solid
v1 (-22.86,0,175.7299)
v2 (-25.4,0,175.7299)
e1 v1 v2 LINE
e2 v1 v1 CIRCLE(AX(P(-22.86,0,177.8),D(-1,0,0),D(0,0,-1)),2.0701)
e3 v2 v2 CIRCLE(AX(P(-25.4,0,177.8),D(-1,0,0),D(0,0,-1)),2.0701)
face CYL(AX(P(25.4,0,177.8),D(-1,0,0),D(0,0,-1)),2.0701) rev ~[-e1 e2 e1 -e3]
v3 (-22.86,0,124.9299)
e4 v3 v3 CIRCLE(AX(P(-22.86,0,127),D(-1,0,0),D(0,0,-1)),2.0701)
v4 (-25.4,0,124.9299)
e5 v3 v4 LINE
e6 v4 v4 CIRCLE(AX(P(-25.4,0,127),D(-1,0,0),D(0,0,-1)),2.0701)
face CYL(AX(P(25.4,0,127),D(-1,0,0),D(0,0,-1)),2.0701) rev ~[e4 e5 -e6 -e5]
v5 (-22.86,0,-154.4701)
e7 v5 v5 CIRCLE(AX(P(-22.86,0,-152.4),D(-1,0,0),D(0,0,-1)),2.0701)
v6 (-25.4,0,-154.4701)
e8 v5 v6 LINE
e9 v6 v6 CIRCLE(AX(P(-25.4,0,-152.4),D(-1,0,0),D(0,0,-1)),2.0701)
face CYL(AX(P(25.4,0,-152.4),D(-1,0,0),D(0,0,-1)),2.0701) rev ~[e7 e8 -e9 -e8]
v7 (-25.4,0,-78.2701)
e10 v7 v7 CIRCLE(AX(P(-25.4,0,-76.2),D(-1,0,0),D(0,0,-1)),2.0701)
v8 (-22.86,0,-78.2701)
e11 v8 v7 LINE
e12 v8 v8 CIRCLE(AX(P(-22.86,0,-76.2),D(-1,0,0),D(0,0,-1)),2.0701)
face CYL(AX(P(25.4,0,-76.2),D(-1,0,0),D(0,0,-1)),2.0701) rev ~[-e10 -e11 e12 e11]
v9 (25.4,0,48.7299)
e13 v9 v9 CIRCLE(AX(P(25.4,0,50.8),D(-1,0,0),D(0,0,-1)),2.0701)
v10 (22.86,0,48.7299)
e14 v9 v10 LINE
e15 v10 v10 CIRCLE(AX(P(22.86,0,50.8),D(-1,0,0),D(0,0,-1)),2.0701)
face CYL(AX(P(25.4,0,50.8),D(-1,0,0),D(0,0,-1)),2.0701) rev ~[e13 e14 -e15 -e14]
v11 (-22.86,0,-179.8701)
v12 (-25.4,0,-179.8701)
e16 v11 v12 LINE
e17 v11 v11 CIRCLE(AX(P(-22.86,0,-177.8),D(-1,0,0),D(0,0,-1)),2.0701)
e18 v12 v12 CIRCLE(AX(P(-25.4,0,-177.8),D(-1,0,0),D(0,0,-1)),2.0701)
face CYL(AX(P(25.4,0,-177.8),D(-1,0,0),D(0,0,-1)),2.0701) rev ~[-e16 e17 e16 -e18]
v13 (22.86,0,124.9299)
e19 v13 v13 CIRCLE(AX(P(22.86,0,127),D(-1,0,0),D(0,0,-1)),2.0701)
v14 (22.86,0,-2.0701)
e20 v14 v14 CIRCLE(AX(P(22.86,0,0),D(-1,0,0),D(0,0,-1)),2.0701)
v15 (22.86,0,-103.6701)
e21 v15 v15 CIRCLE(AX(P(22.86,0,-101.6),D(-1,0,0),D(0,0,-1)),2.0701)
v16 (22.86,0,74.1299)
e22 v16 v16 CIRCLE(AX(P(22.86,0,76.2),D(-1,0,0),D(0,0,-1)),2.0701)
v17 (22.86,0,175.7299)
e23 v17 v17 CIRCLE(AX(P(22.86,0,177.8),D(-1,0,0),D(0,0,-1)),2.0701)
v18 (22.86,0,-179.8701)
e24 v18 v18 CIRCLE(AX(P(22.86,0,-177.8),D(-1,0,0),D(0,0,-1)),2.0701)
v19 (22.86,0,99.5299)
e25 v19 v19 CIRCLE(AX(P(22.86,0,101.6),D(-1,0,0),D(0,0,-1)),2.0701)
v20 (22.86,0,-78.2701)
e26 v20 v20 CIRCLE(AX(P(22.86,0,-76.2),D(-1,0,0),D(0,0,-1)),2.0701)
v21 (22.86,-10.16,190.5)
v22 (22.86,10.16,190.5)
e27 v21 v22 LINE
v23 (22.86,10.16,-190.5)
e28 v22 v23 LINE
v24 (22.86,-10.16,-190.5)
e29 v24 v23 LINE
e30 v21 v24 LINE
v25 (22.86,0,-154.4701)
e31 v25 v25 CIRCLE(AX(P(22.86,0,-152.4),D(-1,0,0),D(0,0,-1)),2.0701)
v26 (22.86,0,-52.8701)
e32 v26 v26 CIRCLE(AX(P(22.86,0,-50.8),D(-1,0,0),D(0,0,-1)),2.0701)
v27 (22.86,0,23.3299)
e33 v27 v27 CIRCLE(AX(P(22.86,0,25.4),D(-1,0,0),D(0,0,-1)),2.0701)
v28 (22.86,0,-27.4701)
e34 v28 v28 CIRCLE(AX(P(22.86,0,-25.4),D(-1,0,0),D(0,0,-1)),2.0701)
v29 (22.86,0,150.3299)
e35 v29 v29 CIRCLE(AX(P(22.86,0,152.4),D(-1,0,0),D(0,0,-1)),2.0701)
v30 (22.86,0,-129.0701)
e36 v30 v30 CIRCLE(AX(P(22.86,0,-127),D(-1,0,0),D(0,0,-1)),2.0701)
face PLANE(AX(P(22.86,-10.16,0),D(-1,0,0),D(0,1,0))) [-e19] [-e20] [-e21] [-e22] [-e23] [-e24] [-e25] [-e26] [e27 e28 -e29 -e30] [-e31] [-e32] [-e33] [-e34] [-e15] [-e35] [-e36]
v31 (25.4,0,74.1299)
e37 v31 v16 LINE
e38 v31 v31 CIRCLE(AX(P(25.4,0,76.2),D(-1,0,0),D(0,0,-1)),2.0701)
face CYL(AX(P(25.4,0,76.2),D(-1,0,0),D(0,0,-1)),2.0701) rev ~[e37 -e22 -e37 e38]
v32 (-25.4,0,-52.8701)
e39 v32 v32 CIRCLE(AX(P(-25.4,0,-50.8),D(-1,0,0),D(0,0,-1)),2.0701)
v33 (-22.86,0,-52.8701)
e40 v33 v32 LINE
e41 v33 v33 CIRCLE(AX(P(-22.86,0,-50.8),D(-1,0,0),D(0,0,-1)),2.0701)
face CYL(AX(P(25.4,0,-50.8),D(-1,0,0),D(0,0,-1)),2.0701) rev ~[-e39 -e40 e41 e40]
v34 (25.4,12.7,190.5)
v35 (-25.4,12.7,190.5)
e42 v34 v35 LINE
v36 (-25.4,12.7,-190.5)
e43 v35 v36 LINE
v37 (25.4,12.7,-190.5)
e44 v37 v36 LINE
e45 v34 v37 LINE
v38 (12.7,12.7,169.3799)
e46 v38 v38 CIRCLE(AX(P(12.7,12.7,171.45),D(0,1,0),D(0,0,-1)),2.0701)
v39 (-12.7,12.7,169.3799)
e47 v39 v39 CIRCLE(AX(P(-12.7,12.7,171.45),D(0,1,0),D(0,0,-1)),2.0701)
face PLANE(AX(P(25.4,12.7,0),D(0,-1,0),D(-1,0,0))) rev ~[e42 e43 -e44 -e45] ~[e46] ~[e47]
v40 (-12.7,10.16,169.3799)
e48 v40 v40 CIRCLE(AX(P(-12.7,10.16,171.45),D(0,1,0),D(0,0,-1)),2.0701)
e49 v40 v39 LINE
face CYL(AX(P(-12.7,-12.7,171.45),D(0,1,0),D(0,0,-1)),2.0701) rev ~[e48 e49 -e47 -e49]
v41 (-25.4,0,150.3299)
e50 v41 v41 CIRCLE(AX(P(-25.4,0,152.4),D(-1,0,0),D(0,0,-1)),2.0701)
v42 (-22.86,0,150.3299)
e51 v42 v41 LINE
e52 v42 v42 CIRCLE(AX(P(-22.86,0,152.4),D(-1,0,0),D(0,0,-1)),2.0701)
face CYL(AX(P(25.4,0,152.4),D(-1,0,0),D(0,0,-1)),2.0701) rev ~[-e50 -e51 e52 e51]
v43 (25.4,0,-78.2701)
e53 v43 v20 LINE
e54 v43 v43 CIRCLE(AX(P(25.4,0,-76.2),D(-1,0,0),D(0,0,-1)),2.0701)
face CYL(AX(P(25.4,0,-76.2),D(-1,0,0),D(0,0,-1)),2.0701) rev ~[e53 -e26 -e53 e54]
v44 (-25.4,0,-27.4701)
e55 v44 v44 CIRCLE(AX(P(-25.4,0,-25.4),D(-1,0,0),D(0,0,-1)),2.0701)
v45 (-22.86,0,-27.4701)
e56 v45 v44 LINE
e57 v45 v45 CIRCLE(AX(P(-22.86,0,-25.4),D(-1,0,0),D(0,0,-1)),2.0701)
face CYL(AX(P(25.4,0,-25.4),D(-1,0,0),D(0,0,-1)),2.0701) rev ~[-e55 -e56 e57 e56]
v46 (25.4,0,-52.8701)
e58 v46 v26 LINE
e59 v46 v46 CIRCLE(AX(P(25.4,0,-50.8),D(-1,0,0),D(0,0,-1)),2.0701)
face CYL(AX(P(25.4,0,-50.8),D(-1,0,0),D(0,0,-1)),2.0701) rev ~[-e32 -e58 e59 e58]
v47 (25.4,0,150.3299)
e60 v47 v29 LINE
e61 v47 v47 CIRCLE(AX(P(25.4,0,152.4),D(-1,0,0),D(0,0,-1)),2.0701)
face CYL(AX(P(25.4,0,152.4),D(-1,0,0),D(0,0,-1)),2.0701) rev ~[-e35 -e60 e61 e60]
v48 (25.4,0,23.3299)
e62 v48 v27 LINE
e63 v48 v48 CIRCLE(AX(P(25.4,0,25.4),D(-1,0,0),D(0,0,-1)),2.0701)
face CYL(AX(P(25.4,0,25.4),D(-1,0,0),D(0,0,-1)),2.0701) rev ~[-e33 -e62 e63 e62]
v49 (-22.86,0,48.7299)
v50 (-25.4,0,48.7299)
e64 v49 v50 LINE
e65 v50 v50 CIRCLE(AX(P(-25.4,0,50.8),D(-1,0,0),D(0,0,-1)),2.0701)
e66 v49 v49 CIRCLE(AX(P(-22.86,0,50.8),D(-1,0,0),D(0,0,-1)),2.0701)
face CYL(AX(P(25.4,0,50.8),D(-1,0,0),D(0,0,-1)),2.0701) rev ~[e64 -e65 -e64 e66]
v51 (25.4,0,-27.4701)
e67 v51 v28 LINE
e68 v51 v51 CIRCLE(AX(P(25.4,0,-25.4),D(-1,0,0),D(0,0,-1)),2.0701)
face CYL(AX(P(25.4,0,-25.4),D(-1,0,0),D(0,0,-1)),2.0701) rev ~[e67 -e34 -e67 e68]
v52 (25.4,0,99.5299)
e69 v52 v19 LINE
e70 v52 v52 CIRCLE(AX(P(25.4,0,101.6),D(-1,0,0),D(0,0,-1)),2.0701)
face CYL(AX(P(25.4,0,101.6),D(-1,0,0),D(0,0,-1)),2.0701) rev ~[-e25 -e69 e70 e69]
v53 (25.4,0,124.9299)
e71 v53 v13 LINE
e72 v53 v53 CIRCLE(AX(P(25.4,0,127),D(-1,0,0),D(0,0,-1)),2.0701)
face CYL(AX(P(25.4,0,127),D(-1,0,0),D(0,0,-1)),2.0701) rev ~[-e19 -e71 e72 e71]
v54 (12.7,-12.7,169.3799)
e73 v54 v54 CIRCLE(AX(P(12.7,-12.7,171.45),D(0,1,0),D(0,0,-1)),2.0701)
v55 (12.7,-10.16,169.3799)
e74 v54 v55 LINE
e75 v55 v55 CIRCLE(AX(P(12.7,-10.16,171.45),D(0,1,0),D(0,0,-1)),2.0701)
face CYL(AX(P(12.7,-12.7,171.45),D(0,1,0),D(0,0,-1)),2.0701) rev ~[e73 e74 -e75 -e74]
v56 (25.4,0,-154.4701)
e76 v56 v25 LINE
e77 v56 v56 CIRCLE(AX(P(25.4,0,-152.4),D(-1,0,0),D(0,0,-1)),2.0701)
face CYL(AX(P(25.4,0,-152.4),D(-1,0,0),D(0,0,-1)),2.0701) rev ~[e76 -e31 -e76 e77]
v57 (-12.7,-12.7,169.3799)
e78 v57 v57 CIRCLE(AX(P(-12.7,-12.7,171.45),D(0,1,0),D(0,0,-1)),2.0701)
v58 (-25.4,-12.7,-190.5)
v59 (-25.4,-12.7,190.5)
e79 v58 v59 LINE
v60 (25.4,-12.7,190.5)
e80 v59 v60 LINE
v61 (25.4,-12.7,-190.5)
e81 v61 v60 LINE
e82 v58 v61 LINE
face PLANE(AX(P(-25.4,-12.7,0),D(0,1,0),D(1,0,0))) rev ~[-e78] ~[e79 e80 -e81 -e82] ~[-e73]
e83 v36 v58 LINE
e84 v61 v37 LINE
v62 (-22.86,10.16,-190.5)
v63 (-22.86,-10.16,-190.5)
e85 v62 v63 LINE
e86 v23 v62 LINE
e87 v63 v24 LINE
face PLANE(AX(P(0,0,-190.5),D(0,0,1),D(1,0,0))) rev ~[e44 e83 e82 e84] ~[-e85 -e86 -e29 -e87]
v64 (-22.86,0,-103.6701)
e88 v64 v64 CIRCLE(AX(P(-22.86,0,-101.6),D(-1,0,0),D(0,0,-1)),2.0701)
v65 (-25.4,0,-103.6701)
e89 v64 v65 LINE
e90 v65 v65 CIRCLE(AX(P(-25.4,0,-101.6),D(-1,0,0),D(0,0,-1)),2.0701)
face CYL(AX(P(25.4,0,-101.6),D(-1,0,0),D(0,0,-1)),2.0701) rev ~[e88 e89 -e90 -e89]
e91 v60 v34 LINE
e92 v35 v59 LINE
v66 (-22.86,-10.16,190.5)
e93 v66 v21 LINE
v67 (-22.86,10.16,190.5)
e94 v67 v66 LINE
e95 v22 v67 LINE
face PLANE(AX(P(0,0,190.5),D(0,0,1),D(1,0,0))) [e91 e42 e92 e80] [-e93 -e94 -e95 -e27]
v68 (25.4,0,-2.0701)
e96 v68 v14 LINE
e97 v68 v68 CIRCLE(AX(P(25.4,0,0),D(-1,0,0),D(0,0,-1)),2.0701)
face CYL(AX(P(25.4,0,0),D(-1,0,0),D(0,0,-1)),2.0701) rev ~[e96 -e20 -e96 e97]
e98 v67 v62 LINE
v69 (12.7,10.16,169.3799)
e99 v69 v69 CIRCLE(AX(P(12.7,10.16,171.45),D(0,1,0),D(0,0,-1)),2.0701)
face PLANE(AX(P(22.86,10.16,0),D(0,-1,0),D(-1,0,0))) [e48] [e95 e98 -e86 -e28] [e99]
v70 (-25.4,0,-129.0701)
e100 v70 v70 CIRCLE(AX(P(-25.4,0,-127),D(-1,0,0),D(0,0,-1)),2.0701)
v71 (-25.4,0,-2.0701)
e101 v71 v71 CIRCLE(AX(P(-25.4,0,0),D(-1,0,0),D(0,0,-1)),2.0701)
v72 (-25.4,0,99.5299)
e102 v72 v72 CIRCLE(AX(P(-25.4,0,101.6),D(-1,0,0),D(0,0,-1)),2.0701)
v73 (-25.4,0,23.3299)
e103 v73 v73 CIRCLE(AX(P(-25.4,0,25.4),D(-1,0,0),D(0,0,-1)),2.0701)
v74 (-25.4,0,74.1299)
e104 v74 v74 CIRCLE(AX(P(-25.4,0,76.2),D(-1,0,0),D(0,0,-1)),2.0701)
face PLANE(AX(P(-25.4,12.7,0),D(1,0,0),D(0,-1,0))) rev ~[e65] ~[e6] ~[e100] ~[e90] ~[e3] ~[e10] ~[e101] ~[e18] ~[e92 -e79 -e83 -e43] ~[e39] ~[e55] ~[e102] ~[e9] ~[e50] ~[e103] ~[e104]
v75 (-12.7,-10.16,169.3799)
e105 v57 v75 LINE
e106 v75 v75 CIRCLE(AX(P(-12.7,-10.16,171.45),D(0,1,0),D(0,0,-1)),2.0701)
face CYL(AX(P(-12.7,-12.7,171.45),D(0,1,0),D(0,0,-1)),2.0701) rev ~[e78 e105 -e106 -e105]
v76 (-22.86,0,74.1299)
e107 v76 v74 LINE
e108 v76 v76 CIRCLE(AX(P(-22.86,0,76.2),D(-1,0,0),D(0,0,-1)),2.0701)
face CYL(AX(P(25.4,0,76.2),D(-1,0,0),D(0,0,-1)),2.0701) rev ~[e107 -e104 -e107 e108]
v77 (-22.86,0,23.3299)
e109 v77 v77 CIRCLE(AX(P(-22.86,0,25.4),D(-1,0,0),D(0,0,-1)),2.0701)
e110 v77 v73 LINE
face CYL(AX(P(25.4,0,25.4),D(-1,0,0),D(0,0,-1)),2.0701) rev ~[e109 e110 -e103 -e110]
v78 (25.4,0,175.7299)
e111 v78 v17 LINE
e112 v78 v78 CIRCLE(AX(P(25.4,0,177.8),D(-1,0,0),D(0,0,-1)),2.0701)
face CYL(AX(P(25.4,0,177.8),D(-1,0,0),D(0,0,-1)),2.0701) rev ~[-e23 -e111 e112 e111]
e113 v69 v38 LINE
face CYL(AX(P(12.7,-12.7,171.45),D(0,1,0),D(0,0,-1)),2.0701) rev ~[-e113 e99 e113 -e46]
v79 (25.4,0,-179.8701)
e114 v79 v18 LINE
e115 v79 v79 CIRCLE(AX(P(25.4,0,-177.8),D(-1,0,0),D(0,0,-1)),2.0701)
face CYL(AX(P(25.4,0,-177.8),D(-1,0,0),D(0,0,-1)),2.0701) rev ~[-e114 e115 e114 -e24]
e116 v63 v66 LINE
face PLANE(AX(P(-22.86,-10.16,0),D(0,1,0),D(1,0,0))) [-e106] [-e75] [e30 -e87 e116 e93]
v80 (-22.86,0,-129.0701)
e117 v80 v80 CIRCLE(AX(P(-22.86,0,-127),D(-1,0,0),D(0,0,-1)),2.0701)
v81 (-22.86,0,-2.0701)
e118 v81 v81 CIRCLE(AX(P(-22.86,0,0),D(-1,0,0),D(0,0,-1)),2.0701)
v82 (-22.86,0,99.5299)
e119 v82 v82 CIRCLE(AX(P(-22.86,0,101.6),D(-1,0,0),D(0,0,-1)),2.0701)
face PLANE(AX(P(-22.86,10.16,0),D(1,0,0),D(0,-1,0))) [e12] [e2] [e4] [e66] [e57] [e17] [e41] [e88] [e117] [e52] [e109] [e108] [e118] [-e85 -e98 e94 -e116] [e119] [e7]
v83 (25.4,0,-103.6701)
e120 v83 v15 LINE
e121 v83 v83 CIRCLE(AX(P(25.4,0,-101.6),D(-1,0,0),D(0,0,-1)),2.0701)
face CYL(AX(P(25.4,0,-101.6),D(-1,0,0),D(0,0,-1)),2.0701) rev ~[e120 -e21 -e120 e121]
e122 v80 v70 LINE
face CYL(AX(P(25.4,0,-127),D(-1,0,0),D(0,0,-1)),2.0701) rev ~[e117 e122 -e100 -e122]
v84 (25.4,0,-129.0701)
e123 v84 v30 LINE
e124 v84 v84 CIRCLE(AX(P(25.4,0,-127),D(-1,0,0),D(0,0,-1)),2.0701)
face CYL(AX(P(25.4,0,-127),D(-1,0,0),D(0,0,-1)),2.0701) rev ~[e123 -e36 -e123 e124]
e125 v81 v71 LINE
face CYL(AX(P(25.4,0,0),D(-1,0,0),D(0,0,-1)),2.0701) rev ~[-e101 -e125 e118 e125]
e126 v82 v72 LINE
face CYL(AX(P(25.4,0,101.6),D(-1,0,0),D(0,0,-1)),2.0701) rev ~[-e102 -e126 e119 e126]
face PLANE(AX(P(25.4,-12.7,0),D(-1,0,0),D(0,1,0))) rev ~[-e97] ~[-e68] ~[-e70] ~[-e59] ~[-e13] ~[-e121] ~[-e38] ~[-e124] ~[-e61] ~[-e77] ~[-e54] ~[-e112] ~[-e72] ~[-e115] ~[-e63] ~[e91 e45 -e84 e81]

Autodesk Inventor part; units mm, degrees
ref_plane "YZ Plane" through (0, 0, 0) normal (1, 0, 0) x (0, 1, 0)
ref_plane "XZ Plane" through (0, 0, 0) normal (0, 1, 0) x (-1, 0, 0)
ref_plane "XY Plane" through (0, 0, 0) normal (0, 0, 1) x (1, 0, 0)
sketch "Sketch1" plane through (0, 0, 0) normal (0, 0, 1) x (1, 0, 0)
  line L0 (-25.4, -12.7) -> (25.4, -12.7)
  line L1 (25.4, -12.7) -> (25.4, 12.7)
  line L2 (25.4, 12.7) -> (-25.4, 12.7)
  line L3 (-25.4, 12.7) -> (-25.4, -12.7)
  line L4 (-25.4, -12.7) -> (25.4, 12.7) construction
  line L5 (25.4, -12.7) -> (-25.4, 12.7) construction
  line L6 (-22.86, -10.16) -> (22.86, -10.16)
  line L7 (22.86, -10.16) -> (22.86, 10.16)
  line L8 (22.86, 10.16) -> (-22.86, 10.16)
  line L9 (-22.86, 10.16) -> (-22.86, -10.16)
  line L10 (-22.86, -10.16) -> (22.86, 10.16) construction
  line L11 (22.86, -10.16) -> (-22.86, 10.16) construction
  point P0 (0, 0)
  dimension "d0" = 50.8
  dimension "d1" = 25.4
  dimension "d2" = 45.72
  dimension "d3" = 20.32
extrude "Extrusion1" add sketch "Sketch1" along normal mid plane 381
sketch "Sketch2" plane through (25.4, -12.7, 190.5) normal (1, 0, 0) x (0, 0, -1)
  line L0 (381, 25.4) -> (0, 25.4) projected
  line L1 (0, 0) -> (0, 25.4) projected
  point P0 (190.5, 12.7)
  point P1 (12.7, 12.7)
  dimension "d6" = 12.7
  dimension "d7" = 12.7
hole "Hole1" at (25.4, 0, 177.8) direction (-1, 0, 0) diameter 4.1402 end through all
pattern_linear "Rectangular Pattern1" count 15 spacing 25.4 along (0, 0, -1) of "Hole1"
sketch "Sketch4" plane through (-25.4, -12.7, 190.5) normal (0, -1, 0) x (1, 0, 0)
  line L0 (0, 0) -> (50.8, 0) projected
  line L1 (50.8, -381) -> (50.8, 0) projected
  point P0 (25.4, -190.5)
  point P1 (38.1, -19.05)
  point P2 (12.7, -19.05)
  dimension "d38" = 25.4
  dimension "d39" = 19.05
  dimension "d40" = 12.7
hole "Hole4" at (12.7, -12.7, 171.45) at (-12.7, -12.7, 171.45) direction (0, 1, 0) diameter 4.1402 end through all
properties part number "Vertical_intake_frame"
